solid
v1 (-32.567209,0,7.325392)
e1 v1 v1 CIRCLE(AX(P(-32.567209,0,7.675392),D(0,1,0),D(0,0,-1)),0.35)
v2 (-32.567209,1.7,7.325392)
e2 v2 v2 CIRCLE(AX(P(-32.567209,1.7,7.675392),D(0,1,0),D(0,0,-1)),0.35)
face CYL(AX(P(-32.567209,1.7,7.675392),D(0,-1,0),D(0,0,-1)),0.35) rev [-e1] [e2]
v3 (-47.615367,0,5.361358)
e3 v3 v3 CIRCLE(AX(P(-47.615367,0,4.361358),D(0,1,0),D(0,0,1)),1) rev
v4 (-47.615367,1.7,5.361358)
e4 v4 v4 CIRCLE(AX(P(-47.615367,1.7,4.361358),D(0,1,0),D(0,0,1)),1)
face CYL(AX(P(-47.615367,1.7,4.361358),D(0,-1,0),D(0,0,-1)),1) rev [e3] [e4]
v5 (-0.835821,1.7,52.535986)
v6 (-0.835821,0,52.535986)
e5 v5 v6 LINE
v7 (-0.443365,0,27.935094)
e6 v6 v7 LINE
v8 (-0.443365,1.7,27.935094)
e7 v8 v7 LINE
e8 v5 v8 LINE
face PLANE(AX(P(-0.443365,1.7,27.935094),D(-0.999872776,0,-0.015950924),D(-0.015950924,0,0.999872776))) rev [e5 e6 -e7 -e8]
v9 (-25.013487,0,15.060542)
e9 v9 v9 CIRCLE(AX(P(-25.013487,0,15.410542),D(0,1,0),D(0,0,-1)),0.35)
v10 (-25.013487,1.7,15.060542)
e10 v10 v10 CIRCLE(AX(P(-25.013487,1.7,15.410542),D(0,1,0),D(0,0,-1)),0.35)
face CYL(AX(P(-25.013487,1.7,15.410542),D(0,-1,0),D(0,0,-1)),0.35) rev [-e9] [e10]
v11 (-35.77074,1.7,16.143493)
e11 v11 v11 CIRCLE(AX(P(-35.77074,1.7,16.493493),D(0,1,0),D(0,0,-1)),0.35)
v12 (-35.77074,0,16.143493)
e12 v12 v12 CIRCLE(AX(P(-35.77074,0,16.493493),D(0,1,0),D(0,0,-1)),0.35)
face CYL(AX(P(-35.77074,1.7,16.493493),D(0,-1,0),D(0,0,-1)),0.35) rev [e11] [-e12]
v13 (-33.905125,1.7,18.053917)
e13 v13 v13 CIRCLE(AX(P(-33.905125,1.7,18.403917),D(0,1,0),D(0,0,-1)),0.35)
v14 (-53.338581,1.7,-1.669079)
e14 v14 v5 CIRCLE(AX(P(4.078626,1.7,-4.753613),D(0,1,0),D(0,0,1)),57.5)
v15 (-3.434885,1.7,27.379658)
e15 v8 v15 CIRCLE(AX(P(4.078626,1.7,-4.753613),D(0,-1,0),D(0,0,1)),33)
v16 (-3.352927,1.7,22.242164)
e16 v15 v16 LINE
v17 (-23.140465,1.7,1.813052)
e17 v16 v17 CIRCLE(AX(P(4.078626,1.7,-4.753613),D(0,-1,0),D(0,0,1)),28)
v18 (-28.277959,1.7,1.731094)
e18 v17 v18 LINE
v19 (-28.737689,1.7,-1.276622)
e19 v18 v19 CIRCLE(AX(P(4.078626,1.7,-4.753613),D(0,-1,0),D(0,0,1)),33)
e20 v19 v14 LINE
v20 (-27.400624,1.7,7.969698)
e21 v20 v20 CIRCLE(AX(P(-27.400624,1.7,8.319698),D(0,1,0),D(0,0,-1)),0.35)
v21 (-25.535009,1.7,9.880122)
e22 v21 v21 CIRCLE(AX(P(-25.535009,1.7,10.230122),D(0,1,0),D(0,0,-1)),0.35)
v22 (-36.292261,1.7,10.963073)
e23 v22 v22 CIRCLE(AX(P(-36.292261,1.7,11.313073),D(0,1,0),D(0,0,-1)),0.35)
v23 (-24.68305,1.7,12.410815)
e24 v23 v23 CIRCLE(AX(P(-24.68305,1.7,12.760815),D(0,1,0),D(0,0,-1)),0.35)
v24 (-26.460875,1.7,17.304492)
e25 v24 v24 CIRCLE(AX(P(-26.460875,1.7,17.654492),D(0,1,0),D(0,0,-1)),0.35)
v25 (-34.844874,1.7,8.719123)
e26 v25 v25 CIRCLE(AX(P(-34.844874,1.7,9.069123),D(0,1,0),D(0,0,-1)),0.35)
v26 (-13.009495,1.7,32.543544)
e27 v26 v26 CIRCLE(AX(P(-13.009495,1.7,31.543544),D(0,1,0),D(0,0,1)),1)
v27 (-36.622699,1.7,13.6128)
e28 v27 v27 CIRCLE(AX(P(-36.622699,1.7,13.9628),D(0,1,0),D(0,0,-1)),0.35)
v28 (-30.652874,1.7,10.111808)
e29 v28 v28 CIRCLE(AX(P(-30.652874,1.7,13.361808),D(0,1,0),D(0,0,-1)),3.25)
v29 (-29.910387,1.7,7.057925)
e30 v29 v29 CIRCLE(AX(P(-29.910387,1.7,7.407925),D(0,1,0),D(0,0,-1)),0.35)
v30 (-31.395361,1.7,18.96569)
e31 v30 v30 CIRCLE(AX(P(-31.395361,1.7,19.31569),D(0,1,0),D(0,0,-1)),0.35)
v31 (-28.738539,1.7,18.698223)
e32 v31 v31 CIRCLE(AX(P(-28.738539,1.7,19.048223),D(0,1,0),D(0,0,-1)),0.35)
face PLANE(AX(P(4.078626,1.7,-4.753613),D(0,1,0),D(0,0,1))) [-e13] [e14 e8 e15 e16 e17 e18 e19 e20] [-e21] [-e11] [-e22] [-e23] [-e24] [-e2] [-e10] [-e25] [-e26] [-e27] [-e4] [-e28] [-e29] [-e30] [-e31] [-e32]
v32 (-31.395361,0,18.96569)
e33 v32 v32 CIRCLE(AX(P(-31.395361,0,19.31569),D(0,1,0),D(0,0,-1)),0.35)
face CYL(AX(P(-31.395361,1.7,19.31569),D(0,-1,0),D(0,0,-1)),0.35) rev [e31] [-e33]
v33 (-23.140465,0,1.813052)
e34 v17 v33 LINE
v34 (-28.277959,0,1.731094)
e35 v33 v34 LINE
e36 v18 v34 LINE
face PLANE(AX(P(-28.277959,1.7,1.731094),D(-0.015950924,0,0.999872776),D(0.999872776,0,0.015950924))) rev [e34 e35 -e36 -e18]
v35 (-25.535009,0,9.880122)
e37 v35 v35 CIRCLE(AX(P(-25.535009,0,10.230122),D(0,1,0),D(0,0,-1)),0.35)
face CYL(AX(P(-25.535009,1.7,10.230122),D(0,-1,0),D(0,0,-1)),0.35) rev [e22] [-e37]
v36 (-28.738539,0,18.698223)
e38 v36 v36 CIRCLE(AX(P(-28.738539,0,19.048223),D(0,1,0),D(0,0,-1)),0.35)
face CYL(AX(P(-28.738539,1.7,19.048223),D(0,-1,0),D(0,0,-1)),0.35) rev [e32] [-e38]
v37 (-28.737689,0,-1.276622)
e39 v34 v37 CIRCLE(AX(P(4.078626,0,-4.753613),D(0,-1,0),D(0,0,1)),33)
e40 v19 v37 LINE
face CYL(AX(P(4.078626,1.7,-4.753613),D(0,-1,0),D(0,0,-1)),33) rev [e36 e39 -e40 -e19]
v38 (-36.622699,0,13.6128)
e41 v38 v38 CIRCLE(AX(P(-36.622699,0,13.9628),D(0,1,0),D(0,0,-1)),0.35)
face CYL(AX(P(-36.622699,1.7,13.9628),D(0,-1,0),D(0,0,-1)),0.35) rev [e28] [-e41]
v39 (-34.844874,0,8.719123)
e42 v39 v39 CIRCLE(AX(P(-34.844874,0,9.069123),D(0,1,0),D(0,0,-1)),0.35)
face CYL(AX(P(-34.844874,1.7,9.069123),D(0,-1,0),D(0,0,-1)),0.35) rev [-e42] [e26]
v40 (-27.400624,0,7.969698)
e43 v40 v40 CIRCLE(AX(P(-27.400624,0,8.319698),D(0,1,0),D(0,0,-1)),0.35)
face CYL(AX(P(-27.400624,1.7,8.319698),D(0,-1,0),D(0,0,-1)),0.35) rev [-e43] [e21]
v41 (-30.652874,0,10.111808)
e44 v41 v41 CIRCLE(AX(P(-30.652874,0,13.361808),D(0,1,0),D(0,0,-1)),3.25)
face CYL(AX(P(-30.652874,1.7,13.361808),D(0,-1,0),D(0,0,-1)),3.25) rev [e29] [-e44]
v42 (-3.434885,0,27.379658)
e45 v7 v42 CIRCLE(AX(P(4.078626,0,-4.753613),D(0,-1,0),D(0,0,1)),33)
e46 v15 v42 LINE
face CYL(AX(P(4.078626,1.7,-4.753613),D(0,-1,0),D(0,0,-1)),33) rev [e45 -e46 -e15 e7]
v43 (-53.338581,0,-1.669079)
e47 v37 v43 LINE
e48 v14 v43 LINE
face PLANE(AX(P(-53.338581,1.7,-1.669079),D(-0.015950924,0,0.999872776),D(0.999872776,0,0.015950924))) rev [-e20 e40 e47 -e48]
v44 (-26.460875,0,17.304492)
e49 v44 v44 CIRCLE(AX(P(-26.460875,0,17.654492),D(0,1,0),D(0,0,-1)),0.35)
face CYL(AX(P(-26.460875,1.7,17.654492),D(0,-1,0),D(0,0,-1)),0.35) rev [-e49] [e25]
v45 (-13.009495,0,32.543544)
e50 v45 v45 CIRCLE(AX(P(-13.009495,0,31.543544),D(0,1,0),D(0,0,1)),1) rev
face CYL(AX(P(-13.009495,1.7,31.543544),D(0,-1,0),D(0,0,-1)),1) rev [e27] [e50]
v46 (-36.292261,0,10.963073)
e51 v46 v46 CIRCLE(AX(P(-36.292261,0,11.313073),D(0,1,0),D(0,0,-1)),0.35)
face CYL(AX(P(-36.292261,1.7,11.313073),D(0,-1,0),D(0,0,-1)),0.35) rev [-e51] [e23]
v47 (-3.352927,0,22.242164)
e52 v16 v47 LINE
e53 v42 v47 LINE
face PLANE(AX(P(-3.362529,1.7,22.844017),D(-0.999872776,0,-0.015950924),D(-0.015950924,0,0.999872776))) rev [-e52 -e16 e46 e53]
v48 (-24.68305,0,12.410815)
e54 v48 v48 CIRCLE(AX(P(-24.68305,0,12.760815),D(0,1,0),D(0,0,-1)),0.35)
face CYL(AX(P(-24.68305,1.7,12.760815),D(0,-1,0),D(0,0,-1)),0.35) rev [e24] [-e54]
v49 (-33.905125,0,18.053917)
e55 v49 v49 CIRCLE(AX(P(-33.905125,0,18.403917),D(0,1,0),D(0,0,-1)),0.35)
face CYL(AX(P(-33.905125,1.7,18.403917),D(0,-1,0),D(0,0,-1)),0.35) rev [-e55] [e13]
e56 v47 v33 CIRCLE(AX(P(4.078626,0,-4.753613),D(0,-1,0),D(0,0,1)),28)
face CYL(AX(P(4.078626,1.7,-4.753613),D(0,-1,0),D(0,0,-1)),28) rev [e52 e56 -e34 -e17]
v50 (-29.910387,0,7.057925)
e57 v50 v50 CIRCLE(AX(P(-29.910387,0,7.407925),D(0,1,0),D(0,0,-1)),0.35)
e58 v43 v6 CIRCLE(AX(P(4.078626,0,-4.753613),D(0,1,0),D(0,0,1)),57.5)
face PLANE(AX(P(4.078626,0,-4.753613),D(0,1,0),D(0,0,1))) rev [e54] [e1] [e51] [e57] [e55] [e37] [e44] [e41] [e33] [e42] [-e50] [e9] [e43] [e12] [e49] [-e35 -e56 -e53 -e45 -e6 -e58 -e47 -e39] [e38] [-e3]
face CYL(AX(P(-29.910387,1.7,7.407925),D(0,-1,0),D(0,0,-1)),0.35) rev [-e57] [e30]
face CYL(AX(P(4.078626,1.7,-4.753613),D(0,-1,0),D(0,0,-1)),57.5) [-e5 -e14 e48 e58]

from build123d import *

# Parameters (mm, degrees)
SKETCH1_R               = 0.35
SKETCH1_R_2             = 3.25
BOSS_EXTRUDE1_DEPTH     = 1.7
CUT_EXTRUDE9_DEPTH      = 92.720556649
CUT_EXTRUDE9_DEPTH_BACK = 8
SKETCH10_R              = 1


with BuildPart() as part:
    # Sketch1 → Boss-Extrude1 (new body)
    with BuildSketch(Plane(origin=(0, 0, 0), x_dir=(0.9998727759206639, 0, 0.01595092388251767), z_dir=(0, 1, 0))):
        with BuildLine():
            Line((-2.997717637, -22.894746364), (-2.997717637, -27.430964436))
            ThreePointArc((-2.997717637, -27.430964436), (-1.503571481, -27.719382228), (0.002282363, -27.938612151))
            Line((0.002282363, -27.938612151), (0.002282363, -52.542634275))
            ThreePointArc((0.002282363, -52.542634275), (-36.656357556, -35.840573361), (-53.35841847, 0.818066557))
            Line((-53.35841847, 0.818066557), (-28.754396346, 0.818066557))
            ThreePointArc((-28.754396346, 0.818066557), (-28.535166423, -0.687787287), (-28.246748631, -2.181933443))
            Line((-28.246748631, -2.181933443), (-23.710530558, -2.181933443))
            Line((-23.710530558, -2.181933443), (-23.108601061, -2.181933443))
            ThreePointArc((-23.108601061, -2.181933443), (-15.796707511, -14.980923316), (-2.997717637, -22.292816866))
            Line((-2.997717637, -22.292816866), (-2.997717637, -22.894746364))
        make_face()
        with Locations(Location((-27.264431182, -8.755704918, 0), (0, 0, 90.913959377))):
            Circle(SKETCH1_R, mode=Mode.SUBTRACT)
        with Locations(Location((-25.368580215, -10.636127908, 0), (0, 0, 90.913959377))):
            Circle(SKETCH1_R, mode=Mode.SUBTRACT)
        with Locations(Location((-24.476362472, -13.152909386, 0), (0, 0, 90.913959377))):
            Circle(SKETCH1_R, mode=Mode.SUBTRACT)
        with Locations(Location((-24.764492621, -15.807569916, 0), (0, 0, 90.913959377))):
            Circle(SKETCH1_R, mode=Mode.SUBTRACT)
        with Locations(Location((-26.175902952, -18.074321422, 0), (0, 0, 90.913959377))):
            Circle(SKETCH1_R, mode=Mode.SUBTRACT)
        with Locations(Location((-28.431046339, -19.504205968, 0), (0, 0, 90.913959377))):
            Circle(SKETCH1_R, mode=Mode.SUBTRACT)
        with Locations(Location((-31.083263977, -19.814017383, 0), (0, 0, 90.913959377))):
            Circle(SKETCH1_R, mode=Mode.SUBTRACT)
        with Locations(Location((-33.607251635, -18.942393718, 0), (0, 0, 90.913959377))):
            Circle(SKETCH1_R, mode=Mode.SUBTRACT)
        with Locations(Location((-35.503102603, -17.061970729, 0), (0, 0, 90.913959377))):
            Circle(SKETCH1_R, mode=Mode.SUBTRACT)
        with Locations(Location((-36.395320345, -14.54518925, 0), (0, 0, 90.913959377))):
            Circle(SKETCH1_R, mode=Mode.SUBTRACT)
        with Locations(Location((-36.107190196, -11.890528721, 0), (0, 0, 90.913959377))):
            Circle(SKETCH1_R, mode=Mode.SUBTRACT)
        with Locations(Location((-34.695779865, -9.623777215, 0), (0, 0, 90.913959377))):
            Circle(SKETCH1_R, mode=Mode.SUBTRACT)
        with Locations(Location((-32.440636478, -8.193892669, 0), (0, 0, 90.913959377))):
            Circle(SKETCH1_R, mode=Mode.SUBTRACT)
        with Locations(Location((-29.78841884, -7.884081253, 0), (0, 0, 90.913959377))):
            Circle(SKETCH1_R, mode=Mode.SUBTRACT)
        with Locations(Location((-30.435841409, -13.849049318, 0), (0, 0, 90.913959377))):
            Circle(SKETCH1_R_2, mode=Mode.SUBTRACT)
    extrude(amount=BOSS_EXTRUDE1_DEPTH)

    # Sketch10 → Cut-Extrude9 (cut, two sides: drawn at the far end of the back side and taken through both)
    with BuildSketch(Plane(origin=(0, -51.287040458, 0), x_dir=(0.9998727759206634, 0, 0.015950923882551597), z_dir=(0, 1, 0)).offset(-CUT_EXTRUDE9_DEPTH_BACK)):
        with Locations(Location((-12.504691316, -31.747044129, 0), (0, 0, 270.913959377))):
            Circle(SKETCH10_R)
        with Locations(Location((-47.53974173, -5.120311842, 0), (0, 0, 270.913959377))):
            Circle(SKETCH10_R)
    extrude(amount=CUT_EXTRUDE9_DEPTH + CUT_EXTRUDE9_DEPTH_BACK, mode=Mode.SUBTRACT)


solid = part.part
